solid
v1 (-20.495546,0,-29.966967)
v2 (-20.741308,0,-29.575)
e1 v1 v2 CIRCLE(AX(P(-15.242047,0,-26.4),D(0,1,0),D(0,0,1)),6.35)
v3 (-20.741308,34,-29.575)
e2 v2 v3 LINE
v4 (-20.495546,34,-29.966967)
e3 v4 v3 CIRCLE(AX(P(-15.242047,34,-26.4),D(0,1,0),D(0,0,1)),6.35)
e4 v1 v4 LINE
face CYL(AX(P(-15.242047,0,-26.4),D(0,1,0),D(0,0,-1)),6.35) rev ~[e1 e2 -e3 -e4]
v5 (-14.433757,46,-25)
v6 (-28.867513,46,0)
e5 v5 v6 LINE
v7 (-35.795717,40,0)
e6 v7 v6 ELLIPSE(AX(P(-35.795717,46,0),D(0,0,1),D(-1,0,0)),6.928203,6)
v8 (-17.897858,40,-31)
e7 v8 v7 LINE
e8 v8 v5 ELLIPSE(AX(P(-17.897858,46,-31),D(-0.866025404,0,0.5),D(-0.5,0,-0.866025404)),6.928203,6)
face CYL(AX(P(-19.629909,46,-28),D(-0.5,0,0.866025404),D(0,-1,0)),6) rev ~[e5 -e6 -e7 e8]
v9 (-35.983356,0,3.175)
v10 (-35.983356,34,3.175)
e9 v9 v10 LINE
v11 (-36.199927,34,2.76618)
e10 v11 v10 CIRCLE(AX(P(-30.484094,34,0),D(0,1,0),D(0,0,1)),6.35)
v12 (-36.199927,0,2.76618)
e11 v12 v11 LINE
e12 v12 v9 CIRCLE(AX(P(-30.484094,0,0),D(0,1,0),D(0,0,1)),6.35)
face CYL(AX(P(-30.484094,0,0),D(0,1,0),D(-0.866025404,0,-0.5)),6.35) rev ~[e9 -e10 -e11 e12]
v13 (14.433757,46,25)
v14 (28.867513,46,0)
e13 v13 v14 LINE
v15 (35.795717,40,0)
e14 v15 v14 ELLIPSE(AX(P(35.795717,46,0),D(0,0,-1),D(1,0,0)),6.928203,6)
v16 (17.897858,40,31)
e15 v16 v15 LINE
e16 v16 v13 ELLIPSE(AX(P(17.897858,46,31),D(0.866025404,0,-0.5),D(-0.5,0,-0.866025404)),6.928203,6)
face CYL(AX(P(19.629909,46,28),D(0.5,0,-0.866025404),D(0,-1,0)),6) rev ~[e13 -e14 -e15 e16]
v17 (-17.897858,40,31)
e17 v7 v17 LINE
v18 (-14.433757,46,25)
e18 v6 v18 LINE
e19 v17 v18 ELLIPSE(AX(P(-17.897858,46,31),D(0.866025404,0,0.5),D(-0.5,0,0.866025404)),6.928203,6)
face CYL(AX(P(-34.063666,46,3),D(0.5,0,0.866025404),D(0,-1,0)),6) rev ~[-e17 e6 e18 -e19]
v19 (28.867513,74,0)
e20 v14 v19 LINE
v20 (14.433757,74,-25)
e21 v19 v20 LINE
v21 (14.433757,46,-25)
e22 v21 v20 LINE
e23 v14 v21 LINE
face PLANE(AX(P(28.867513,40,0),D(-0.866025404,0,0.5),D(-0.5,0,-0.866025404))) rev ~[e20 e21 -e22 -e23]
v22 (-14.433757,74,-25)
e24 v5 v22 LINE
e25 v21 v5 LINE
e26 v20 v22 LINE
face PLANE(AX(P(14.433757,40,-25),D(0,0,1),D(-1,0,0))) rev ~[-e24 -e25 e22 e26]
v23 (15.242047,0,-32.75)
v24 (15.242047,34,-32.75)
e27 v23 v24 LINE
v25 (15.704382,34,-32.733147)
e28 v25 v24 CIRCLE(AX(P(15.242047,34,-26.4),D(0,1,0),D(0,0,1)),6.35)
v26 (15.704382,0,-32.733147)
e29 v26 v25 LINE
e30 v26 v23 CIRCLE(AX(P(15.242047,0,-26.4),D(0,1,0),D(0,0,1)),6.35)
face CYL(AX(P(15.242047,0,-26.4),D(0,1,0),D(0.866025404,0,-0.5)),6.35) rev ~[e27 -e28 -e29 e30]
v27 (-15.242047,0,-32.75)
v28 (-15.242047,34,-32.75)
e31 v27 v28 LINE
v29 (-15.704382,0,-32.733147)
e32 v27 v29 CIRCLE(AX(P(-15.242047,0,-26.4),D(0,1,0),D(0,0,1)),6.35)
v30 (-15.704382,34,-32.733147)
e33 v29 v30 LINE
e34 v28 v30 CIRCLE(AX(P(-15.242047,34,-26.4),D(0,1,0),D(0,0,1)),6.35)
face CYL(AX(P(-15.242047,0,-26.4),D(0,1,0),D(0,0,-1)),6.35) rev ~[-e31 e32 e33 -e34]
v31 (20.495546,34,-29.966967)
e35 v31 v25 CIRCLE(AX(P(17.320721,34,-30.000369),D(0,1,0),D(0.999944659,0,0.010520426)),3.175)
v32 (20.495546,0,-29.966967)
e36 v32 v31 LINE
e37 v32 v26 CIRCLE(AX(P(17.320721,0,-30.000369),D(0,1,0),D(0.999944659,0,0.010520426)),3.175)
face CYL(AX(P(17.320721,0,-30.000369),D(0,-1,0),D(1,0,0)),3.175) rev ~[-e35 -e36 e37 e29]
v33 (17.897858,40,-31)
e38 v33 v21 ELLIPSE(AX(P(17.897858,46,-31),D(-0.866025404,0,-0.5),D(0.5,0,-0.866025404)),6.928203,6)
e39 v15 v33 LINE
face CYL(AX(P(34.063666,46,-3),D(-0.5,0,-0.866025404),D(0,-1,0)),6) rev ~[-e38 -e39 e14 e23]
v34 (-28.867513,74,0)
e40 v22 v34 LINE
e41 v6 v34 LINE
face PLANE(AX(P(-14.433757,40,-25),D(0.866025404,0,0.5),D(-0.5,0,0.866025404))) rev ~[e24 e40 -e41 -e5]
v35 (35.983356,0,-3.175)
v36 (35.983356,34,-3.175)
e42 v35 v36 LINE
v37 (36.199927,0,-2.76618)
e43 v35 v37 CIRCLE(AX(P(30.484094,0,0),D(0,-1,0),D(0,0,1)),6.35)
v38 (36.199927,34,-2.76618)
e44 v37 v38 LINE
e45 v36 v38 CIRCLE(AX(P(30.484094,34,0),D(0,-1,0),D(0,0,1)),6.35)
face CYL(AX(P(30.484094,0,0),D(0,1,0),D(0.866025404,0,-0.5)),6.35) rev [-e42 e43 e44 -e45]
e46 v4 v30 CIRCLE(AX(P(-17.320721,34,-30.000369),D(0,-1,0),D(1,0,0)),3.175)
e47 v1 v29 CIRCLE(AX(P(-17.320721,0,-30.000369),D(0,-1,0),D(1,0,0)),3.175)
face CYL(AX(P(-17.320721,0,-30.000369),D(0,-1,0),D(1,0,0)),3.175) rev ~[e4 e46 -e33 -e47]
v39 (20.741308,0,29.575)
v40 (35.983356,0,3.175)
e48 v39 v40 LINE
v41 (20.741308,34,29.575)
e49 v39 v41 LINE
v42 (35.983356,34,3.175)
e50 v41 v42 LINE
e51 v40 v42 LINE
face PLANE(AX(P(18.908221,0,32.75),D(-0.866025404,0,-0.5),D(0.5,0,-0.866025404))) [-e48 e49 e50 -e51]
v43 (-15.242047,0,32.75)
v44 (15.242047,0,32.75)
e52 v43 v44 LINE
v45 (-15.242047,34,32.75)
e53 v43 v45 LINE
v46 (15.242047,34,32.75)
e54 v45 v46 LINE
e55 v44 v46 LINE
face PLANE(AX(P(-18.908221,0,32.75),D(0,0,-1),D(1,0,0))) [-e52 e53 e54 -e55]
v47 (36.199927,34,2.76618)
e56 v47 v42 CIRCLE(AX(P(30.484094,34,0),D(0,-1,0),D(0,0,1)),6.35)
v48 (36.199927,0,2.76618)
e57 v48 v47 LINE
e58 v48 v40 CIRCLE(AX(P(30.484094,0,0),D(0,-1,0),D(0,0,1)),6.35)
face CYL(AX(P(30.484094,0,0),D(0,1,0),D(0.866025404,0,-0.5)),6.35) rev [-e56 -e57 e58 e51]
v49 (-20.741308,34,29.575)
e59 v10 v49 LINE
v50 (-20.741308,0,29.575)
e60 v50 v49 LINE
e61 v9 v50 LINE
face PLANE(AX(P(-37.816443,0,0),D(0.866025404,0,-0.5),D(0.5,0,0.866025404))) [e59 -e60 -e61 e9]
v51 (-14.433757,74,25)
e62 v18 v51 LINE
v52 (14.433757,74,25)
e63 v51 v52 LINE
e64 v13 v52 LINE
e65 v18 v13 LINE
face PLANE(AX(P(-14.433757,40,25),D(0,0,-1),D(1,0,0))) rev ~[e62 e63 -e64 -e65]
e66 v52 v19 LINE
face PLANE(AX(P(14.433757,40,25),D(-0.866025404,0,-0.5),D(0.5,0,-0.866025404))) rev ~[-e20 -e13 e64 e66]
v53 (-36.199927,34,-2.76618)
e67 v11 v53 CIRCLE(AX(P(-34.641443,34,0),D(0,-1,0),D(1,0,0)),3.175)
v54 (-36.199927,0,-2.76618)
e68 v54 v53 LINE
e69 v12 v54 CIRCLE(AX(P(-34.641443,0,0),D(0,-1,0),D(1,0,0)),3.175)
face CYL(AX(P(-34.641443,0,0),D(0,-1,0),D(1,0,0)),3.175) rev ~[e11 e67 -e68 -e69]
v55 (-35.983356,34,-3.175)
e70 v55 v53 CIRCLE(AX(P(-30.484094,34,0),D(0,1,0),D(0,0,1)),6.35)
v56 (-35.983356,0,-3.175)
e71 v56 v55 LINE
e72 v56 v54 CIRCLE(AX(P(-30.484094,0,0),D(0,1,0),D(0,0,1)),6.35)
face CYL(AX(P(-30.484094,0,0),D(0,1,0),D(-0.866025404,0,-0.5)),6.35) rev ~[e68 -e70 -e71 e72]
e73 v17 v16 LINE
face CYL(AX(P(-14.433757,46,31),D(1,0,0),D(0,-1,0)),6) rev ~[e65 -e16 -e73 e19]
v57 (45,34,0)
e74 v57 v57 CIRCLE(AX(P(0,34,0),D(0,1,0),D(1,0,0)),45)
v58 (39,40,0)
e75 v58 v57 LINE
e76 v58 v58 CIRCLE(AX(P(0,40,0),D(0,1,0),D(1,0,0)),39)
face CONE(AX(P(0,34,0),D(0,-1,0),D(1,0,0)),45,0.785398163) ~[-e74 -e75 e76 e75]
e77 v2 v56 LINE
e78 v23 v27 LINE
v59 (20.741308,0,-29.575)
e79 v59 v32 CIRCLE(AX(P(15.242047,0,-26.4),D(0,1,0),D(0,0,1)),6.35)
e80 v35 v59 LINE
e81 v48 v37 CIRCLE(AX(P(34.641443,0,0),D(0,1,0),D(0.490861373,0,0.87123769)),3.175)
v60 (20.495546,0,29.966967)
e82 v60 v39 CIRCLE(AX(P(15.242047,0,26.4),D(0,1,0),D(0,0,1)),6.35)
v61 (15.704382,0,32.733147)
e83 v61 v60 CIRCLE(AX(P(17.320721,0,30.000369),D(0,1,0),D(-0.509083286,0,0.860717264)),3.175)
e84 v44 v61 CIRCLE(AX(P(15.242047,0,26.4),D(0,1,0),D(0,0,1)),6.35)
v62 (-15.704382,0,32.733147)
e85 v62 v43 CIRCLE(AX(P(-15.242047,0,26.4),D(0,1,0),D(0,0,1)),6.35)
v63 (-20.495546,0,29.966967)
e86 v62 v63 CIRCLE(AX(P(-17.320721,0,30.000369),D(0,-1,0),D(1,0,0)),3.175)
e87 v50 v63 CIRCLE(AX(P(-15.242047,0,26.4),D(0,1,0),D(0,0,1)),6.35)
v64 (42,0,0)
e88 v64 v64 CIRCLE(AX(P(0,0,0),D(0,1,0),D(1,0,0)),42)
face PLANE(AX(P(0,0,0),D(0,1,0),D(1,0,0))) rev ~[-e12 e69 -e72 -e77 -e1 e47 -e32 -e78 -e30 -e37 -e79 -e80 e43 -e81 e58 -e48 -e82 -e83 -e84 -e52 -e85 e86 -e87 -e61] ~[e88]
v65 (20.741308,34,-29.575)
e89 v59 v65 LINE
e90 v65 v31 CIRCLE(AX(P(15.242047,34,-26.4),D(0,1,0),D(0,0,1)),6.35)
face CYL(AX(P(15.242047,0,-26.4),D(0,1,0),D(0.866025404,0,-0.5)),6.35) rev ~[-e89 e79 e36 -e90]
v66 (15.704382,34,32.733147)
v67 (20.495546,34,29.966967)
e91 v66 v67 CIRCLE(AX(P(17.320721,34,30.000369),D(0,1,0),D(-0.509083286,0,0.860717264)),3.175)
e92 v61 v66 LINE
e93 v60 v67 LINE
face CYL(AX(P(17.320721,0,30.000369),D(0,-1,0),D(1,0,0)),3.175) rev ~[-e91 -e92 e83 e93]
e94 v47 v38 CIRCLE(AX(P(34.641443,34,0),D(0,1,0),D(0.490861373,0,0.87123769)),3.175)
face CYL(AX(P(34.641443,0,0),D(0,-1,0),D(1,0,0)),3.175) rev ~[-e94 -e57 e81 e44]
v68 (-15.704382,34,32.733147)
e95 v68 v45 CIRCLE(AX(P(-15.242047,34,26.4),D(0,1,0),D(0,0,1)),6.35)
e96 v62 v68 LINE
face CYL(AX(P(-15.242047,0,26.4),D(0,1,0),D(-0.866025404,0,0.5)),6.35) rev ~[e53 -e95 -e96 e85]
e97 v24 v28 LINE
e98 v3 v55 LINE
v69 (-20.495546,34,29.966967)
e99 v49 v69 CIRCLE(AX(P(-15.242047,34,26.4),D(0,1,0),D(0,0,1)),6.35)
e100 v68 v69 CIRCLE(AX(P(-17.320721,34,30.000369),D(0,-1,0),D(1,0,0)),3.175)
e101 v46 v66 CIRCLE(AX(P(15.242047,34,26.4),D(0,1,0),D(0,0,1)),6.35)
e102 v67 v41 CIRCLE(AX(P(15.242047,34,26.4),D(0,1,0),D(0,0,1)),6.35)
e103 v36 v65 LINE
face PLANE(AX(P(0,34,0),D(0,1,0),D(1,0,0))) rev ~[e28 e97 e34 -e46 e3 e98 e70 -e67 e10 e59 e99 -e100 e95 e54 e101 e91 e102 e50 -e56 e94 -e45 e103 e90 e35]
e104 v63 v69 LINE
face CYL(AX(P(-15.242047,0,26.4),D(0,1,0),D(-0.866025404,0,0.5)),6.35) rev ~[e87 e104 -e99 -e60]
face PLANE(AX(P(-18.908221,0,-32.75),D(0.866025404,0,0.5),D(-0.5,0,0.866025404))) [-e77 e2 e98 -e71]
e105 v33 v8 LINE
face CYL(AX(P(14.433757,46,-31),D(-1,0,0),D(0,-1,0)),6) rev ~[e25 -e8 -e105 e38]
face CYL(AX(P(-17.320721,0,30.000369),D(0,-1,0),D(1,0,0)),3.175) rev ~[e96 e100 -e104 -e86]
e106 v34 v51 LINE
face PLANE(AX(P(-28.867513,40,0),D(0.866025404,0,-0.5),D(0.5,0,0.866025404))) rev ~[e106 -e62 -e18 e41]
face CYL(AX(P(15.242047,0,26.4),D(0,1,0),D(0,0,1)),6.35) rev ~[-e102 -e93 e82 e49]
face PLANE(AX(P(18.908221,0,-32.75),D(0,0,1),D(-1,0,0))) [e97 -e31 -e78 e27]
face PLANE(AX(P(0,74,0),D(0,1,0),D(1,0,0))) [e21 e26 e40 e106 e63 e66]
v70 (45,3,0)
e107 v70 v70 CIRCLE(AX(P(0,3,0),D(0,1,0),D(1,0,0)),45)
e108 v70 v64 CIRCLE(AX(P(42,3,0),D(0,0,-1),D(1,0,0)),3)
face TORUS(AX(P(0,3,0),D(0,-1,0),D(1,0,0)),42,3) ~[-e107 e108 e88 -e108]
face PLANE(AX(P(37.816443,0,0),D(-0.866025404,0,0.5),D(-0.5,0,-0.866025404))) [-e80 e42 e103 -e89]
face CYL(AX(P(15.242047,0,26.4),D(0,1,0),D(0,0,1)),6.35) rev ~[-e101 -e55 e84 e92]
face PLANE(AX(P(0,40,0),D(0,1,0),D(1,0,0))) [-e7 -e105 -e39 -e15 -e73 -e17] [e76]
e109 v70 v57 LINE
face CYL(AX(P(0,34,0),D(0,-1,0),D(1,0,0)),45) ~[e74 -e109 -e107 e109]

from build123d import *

# Parameters (mm, degrees)
SKETCH1_R           = 45
BOSS_EXTRUDE1_DEPTH = 34
SKETCH2_R           = 45
BOSS_EXTRUDE2_DEPTH = 6
BOSS_EXTRUDE3_DEPTH = 34
FILLET1_R           = 6
CHAMFER1_SIZE       = 6
FILLET2_R           = 3
FILLET3_R           = 6.35
SKETCH4_R           = 3.175
CUT_EXTRUDE1_DEPTH  = 34


with BuildPart() as part:
    # Sketch1 → Boss-Extrude1 (new body)
    with BuildSketch(Plane(origin=(0, 0, 0), x_dir=(1, 0, 0), z_dir=(0, 1, 0))):
        Circle(SKETCH1_R)
        Polygon((37.816442632, 0), (18.908221316, 32.75), (-18.908221316, 32.75), (-37.816442632, 0), (-18.908221316, -32.75), (18.908221316, -32.75), align=None, mode=Mode.SUBTRACT)
    extrude(amount=BOSS_EXTRUDE1_DEPTH)

    # Sketch2 → Boss-Extrude2 (add)
    with BuildSketch(Plane(origin=(0, 34, 0), x_dir=(1, 0, 0), z_dir=(0, 1, 0))):
        Circle(SKETCH2_R)
    extrude(amount=BOSS_EXTRUDE2_DEPTH)

    # Sketch3 → Boss-Extrude3 (add)
    with BuildSketch(Plane(origin=(0, 40, 0), x_dir=(1, 0, 0), z_dir=(0, 1, 0))):
        Polygon((28.867513459, 0), (14.43375673, 25), (-14.43375673, 25), (-28.867513459, 0), (-14.43375673, -25), (14.43375673, -25), align=None)
    extrude(amount=BOSS_EXTRUDE3_DEPTH)

    # Fillet1
    fillet1_edges = [part.edges().sort_by_distance(p)[0] for p in [
        (21.650635095, 40, 12.5),
        (21.650635095, 40, -12.5),
        (0, 40, -25),
        (-21.650635095, 40, -12.5),
        (-21.650635095, 40, 12.5),
        (0, 40, 25),
    ]]
    fillet(fillet1_edges, radius=FILLET1_R)

    # Chamfer1
    chamfer1_edges = [part.edges().sort_by_distance(p)[0] for p in [
        (-45, 40, 0),
    ]]
    chamfer(chamfer1_edges, length=CHAMFER1_SIZE)

    # Fillet2
    fillet2_edges = [part.edges().sort_by_distance(p)[0] for p in [
        (-45, 0, 0),
    ]]
    fillet(fillet2_edges, radius=FILLET2_R)

    # Fillet3
    fillet3_edges = [part.edges().sort_by_distance(p)[0] for p in [
        (37.816442632, 17, 0),
        (18.908221316, 17, -32.75),
        (-18.908221316, 17, -32.75),
        (-37.816442632, 17, 0),
        (-18.908221316, 17, 32.75),
        (18.908221316, 17, 32.75),
    ]]
    fillet(fillet3_edges, radius=FILLET3_R)

    # Sketch4 → Cut-Extrude1 (cut)
    with BuildSketch(Plane.XZ):
        with Locations((17.320721316, 30.000369343)):
            Circle(SKETCH4_R)
        with Locations((34.641442632, 0)):
            Circle(SKETCH4_R)
        with Locations((17.320721316, -30.000369343)):
            Circle(SKETCH4_R)
        with Locations((-17.320721316, -30.000369343)):
            Circle(SKETCH4_R)
        with Locations((-34.641442632, 0)):
            Circle(SKETCH4_R)
        with Locations((-17.320721316, 30.000369343)):
            Circle(SKETCH4_R)
    extrude(amount=-CUT_EXTRUDE1_DEPTH, mode=Mode.SUBTRACT)


solid = part.part
